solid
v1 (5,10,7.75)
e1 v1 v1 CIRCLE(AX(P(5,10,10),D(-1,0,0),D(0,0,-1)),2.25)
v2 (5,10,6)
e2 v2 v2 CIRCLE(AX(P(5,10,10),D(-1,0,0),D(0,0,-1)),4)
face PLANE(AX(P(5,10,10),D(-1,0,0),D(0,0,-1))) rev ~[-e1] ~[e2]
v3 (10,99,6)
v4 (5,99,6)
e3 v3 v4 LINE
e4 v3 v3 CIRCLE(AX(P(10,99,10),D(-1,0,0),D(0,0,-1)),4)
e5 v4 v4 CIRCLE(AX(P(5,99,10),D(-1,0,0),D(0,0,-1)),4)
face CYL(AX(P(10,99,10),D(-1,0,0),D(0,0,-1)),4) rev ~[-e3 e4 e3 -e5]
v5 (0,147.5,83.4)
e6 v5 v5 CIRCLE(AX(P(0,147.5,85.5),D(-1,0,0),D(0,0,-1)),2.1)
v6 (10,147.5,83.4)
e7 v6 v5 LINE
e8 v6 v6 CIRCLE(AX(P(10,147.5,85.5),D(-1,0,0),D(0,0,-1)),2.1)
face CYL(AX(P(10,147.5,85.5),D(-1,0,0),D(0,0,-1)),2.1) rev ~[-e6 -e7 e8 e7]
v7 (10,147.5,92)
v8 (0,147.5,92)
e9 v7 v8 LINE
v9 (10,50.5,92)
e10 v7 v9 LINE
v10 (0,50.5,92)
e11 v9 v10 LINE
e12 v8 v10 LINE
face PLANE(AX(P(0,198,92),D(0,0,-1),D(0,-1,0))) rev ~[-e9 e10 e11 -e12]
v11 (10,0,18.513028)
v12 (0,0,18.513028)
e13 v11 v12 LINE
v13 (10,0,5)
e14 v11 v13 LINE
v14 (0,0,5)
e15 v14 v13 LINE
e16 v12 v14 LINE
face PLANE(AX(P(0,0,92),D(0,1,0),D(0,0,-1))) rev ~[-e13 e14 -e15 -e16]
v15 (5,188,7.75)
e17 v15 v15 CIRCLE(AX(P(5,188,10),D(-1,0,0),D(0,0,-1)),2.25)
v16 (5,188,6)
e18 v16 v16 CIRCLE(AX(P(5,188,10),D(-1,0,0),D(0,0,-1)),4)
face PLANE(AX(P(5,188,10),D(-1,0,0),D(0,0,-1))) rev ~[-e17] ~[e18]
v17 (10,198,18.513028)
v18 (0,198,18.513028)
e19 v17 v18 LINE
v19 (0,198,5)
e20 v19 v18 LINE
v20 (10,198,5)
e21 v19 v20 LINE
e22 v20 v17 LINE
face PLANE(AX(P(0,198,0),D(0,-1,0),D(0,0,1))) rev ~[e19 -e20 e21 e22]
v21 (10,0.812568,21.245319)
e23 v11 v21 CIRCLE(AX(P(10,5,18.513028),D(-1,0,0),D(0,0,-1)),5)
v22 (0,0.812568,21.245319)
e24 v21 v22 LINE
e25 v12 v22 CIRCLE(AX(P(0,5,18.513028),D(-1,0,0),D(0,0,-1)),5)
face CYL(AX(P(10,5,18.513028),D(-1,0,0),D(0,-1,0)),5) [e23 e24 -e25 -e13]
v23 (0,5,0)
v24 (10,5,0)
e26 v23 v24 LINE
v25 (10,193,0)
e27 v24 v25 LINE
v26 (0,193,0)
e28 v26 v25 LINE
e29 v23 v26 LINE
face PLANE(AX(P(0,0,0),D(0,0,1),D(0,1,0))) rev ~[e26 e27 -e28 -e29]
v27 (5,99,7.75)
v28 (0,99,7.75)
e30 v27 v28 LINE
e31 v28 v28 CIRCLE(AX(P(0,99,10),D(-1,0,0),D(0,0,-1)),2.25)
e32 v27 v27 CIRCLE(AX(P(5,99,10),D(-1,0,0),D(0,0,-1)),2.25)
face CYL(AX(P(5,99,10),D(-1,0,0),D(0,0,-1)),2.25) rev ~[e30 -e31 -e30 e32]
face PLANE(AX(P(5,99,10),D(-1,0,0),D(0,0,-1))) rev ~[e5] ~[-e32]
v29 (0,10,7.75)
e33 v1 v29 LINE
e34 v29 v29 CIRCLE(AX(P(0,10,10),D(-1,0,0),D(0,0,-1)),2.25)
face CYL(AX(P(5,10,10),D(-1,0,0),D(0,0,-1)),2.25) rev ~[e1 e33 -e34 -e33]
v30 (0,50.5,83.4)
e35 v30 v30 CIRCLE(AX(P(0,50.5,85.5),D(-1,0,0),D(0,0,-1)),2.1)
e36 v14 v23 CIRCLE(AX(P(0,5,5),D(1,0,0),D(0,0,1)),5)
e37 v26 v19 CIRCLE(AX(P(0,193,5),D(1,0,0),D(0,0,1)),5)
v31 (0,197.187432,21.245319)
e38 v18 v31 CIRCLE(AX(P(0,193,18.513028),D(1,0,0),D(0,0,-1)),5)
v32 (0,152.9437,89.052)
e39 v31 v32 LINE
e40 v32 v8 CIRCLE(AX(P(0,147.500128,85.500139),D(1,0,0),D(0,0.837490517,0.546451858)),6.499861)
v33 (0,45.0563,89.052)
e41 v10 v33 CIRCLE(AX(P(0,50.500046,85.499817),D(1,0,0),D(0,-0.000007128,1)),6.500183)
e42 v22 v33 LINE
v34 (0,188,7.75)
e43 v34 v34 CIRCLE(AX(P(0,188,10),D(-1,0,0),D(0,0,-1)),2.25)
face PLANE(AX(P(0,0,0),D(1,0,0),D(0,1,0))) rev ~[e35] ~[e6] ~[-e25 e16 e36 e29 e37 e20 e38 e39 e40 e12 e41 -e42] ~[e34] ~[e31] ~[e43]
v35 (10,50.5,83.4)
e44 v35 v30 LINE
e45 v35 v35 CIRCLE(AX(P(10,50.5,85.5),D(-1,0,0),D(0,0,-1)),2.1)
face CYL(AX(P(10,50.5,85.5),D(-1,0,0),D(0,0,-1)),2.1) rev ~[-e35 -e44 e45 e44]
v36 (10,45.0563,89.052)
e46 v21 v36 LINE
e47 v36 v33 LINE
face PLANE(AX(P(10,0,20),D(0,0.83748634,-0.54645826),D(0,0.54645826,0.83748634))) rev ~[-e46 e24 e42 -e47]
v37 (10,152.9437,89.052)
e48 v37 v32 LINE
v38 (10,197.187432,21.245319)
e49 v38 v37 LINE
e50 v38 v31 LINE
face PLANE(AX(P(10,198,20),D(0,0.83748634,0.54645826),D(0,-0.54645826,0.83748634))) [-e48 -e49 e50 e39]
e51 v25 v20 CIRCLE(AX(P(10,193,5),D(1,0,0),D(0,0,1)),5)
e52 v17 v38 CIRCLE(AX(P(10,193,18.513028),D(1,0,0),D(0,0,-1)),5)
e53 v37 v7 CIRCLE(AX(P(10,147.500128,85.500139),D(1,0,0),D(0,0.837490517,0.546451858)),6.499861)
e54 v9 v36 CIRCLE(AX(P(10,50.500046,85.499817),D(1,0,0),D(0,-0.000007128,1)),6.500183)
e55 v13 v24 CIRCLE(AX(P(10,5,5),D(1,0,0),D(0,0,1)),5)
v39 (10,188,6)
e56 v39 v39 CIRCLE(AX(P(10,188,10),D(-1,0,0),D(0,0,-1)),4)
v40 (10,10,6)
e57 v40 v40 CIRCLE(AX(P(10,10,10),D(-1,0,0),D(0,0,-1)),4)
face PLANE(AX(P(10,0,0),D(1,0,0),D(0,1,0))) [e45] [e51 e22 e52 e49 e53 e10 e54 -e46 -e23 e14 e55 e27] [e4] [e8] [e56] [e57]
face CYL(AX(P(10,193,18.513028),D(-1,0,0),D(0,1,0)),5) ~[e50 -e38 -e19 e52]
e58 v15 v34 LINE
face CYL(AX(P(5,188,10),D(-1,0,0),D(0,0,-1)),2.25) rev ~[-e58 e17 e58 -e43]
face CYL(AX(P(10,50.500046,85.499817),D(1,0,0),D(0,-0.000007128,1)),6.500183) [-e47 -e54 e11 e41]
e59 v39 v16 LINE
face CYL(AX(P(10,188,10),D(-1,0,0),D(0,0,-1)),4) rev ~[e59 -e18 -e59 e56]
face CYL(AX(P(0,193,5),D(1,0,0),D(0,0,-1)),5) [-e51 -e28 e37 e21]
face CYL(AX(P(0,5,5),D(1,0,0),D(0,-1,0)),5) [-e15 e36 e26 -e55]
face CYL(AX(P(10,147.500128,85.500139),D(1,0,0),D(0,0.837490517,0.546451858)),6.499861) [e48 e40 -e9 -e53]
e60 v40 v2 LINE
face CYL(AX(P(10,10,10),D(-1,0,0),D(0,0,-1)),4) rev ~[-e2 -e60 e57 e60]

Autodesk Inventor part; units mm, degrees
ref_plane "YZ Plane" through (0, 0, 0) normal (1, 0, 0) x (0, 1, 0)
ref_plane "XZ Plane" through (0, 0, 0) normal (0, 1, 0) x (-1, 0, 0)
ref_plane "XY Plane" through (0, 0, 0) normal (0, 0, 1) x (1, 0, 0)
sketch "Skizze1" plane through (0, 0, 0) normal (1, 0, 0) x (0, 1, 0)
  line L0 (0, 0) -> (198, 0)
  line L1 (198, 0) -> (198, 92)
  line L2 (198, 92) -> (0, 92)
  line L3 (0, 92) -> (0, 0)
  dimension "d0" = 198
  dimension "d1" = 92
extrude "Extrusion1" add sketch "Skizze1" along normal blind 10
sketch "Skizze2" plane through (10, 0, 0) normal (1, 0, 0) x (0, 0, -1)
  line L0 (-92, 0) -> (0, 0) projected
  line L1 (-85.5, 147.5) -> (-85.5, 50.5) construction
  line L2 (0, 0) -> (0, 198) projected
  dimension "d4" = 97
  dimension "d5" = 50.5
  dimension "d6" = 85.5
hole "Bohrung1" at (10, 147.5, 85.5) at (10, 50.5, 85.5) direction (-1, 0, 0) diameter 4.2 depth 10
sketch "Skizze3" plane through (10, 0, 0) normal (1, 0, 0) x (0, 0, -1)
  circle A0 centre (-85.5, 147.5) radius 2.1 projected
  circle A1 centre (-85.5, 50.5) radius 2.1 projected
  arc A2 (-92, 50.5) -> (-89.052, 45.0563) centre (-85.5, 50.5) ccw
  arc A3 (-89.052, 152.9437) -> (-92, 147.5) centre (-85.5, 147.5) ccw
  line L0 (0, 0) -> (0, 198) projected
  line L1 (0, 198) -> (-20, 198) construction
  line L2 (0, 0) -> (-20, 0) construction
  line L3 (-92, 0) -> (0, 0) projected
  line L4 (-20, 0) -> (-89.052, 45.0563)
  line L5 (-20, 198) -> (-89.052, 152.9437)
  line L6 (-92, 198) -> (-92, 0) projected
  line L7 (-20, 198) -> (-92, 198)
  line L8 (-92, 147.5) -> (-92, 198)
  line L9 (-92, 50.5) -> (-92, 0)
  line L10 (-92, 0) -> (-20, 0)
  dimension "d15" = 20
extrude "Extrusion2" cut sketch "Skizze3" against normal up to surface (10 mm away) contours L6 L7 L5 A3 | A2 L4 L3 L6
sketch "Skizze4" plane through (10, 0, 0) normal (1, 0, 0) x (0, 0, -1)
  line L0 (0, 0) -> (0, 198) projected
  line L1 (-20, 0) -> (0, 0) projected
  line L2 (0, 198) -> (-20, 198) projected
  line L3 (-92, 147.5) -> (-92, 50.5) projected
  line L4 (-92, 99) -> (0, 99)
  point P0 (-10, 10)
  point P1 (-10, 188)
  point P2 (-10, 99)
  dimension "d18" = 10
  dimension "d19" = 10
  dimension "d20" = 10
hole "Bohrung2" at (10, 10, 10) at (10, 188, 10) at (10, 99, 10) direction (-1, 0, 0) diameter 4.5 end through all counterbore diameter 8 counterbore depth 5
fillet "Rundung1" radius 5 4 edges at (5, 198, 20) (5, 0, 20) (5, 0, 0) (5, 198, 0)
properties part number "102.006.01_Anbindung_Aktor"
